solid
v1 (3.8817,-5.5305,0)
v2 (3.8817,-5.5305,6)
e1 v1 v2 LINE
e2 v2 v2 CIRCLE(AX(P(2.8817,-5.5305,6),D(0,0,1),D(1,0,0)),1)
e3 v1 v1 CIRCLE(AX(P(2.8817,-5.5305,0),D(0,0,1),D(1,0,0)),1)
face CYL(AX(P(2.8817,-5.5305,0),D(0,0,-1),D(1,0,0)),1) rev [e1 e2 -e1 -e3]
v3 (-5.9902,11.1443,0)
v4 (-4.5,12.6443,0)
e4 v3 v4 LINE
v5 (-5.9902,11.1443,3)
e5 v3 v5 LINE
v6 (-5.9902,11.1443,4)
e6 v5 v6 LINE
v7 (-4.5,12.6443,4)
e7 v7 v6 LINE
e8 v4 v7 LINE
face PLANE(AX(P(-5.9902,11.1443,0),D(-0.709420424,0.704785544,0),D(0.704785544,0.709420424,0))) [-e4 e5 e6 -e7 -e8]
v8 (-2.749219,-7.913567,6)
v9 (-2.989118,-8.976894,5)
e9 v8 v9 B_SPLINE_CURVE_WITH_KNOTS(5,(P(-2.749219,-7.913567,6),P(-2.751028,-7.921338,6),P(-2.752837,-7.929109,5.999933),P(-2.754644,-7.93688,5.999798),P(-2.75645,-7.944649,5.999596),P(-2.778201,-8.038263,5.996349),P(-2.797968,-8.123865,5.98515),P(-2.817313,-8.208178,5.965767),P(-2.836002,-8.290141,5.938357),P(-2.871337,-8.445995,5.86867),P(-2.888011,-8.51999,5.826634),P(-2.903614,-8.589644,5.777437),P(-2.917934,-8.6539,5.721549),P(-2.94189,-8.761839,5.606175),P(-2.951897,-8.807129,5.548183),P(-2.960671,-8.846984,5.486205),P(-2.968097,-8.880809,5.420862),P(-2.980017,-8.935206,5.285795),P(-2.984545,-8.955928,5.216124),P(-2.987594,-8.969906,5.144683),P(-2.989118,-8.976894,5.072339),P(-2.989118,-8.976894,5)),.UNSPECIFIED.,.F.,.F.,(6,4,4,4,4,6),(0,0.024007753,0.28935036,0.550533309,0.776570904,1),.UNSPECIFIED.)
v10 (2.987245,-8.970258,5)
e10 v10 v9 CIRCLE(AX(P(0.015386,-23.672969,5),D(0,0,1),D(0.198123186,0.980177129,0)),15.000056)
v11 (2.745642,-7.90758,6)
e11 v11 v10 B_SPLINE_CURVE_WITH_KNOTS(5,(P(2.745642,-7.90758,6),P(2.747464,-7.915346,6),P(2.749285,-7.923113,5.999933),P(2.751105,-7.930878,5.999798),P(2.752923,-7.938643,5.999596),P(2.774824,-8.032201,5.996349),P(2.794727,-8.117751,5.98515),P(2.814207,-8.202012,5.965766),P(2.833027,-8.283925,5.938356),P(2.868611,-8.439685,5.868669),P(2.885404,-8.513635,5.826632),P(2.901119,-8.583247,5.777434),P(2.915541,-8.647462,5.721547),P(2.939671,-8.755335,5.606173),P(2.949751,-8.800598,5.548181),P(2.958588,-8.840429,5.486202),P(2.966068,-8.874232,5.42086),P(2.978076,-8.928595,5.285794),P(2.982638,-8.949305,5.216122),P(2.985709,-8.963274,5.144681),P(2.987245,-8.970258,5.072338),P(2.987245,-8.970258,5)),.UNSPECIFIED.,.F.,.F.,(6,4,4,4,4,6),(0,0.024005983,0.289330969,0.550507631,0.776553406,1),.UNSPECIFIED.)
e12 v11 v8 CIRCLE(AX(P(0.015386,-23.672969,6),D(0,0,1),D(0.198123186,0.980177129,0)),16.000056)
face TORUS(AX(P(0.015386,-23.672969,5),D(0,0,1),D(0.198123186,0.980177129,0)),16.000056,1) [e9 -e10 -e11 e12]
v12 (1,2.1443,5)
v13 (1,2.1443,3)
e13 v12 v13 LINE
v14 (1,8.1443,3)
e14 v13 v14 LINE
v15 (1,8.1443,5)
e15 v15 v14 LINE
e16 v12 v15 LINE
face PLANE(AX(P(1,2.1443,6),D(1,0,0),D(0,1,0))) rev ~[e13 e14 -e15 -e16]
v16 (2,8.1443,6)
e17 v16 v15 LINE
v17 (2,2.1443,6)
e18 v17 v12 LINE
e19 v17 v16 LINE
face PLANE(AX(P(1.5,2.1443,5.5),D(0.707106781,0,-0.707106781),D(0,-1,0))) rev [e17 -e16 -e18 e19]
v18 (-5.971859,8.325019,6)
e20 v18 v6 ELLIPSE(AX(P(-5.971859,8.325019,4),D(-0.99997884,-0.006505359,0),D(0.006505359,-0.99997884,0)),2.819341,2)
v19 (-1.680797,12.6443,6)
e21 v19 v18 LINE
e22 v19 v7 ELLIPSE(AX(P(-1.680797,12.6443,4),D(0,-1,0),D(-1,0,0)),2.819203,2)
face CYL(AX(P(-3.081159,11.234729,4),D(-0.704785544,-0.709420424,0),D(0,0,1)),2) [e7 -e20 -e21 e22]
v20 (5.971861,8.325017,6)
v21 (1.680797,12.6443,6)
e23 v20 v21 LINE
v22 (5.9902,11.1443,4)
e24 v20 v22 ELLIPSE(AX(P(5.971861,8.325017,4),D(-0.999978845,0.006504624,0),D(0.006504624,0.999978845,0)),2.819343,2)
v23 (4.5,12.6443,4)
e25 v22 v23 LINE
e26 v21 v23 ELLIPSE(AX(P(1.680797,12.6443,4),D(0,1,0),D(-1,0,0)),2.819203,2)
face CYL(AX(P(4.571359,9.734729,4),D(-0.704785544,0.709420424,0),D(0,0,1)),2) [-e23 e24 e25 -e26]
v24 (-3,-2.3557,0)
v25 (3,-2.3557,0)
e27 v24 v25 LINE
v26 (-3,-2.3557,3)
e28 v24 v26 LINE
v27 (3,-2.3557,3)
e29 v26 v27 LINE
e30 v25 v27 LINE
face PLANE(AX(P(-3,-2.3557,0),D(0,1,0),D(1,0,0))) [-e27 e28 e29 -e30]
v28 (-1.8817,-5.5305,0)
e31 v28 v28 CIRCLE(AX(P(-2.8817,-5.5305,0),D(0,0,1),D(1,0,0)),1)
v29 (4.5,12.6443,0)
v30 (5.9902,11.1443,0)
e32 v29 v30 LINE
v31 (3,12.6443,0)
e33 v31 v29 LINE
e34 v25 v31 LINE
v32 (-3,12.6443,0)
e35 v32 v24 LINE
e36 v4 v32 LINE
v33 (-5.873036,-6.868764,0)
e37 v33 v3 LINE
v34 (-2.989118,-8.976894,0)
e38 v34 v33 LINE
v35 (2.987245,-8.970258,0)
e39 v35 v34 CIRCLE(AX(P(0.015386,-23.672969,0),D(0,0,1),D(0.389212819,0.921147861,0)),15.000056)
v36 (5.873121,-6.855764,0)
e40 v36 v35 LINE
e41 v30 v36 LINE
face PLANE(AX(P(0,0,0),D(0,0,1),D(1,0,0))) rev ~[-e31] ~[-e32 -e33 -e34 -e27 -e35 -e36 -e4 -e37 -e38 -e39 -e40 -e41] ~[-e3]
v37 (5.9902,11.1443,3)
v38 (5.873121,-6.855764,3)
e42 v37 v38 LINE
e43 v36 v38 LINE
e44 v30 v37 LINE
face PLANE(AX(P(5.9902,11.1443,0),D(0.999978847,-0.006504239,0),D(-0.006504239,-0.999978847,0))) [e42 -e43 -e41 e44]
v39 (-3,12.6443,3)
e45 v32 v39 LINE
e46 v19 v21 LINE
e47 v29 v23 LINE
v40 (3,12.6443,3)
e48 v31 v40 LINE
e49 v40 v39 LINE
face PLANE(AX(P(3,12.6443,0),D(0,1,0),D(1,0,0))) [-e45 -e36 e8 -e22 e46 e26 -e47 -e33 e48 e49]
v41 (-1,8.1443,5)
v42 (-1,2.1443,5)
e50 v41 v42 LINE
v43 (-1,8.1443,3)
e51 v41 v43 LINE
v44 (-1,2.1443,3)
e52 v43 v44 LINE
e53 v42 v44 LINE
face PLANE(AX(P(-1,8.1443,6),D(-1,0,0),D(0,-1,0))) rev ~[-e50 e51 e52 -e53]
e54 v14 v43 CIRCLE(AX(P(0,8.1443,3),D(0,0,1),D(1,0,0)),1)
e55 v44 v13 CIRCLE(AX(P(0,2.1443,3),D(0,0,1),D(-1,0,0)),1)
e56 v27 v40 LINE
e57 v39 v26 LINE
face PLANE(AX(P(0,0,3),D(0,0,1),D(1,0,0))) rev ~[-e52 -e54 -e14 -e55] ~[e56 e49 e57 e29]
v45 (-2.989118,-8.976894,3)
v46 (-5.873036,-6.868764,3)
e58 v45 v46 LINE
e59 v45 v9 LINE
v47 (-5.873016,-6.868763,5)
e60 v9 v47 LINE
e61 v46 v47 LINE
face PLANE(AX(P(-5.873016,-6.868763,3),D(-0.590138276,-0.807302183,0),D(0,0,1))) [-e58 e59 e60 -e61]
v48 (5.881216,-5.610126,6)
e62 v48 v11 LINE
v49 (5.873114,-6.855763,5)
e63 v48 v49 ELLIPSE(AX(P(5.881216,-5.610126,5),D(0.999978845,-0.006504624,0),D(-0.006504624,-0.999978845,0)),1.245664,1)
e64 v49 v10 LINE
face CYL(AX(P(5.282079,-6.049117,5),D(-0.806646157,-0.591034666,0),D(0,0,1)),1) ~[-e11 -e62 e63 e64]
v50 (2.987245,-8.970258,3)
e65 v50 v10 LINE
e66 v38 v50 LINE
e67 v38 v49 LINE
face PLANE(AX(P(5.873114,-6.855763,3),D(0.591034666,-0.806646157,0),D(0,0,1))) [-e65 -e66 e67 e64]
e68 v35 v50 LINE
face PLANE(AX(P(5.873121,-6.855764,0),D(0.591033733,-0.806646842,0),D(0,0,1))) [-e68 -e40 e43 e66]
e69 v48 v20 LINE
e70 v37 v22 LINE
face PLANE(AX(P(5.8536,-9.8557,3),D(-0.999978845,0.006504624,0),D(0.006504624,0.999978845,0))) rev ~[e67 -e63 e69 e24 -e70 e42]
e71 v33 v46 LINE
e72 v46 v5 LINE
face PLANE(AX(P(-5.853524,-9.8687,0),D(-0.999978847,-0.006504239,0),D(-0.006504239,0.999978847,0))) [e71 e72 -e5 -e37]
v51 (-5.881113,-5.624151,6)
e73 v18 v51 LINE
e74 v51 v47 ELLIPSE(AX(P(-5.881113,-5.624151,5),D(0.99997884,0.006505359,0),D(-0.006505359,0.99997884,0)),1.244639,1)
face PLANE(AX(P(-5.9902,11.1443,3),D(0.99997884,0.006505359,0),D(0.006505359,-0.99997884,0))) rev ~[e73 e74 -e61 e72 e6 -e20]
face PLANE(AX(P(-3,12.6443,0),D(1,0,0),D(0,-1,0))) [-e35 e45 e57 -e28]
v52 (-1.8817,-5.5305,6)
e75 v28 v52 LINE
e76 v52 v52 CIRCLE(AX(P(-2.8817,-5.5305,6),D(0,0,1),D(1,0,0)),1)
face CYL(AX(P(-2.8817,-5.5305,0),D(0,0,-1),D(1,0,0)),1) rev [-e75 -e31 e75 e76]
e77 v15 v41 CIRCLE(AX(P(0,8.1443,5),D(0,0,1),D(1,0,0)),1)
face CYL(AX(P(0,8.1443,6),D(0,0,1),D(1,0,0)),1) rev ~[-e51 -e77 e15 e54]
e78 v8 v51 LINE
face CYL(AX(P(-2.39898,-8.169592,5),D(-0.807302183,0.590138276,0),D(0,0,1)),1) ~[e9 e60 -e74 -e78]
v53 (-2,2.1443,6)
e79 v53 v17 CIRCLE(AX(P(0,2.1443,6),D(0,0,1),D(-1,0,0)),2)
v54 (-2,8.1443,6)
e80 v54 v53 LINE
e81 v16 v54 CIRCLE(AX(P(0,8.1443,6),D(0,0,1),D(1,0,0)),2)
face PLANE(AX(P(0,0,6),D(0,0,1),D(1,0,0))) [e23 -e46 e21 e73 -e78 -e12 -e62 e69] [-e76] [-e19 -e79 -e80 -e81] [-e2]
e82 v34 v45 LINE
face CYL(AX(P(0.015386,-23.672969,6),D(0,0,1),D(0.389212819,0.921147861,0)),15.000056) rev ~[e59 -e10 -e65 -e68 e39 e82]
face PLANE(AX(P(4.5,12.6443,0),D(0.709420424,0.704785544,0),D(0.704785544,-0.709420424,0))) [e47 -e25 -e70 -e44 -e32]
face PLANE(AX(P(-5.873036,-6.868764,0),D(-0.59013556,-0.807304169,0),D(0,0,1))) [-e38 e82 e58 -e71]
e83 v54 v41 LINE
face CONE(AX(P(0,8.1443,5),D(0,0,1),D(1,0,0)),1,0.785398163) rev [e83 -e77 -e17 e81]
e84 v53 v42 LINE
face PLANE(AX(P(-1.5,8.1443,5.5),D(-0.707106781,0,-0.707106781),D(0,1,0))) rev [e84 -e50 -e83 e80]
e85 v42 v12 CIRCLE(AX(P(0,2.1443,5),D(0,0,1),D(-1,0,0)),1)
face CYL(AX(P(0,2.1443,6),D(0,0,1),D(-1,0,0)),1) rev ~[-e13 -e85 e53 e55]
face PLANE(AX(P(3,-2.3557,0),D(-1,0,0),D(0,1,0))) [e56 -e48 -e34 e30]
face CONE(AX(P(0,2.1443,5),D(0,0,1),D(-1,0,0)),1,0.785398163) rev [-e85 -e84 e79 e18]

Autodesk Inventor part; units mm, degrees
ref_plane "YZ Plane" through (0, 0, 0) normal (1, 0, 0) x (0, 1, 0)
ref_plane "XZ Plane" through (0, 0, 0) normal (0, 1, 0) x (-1, 0, 0)
ref_plane "XY Plane" through (0, 0, 0) normal (0, 0, 1) x (1, 0, 0)
sketch "Sketch1" plane through (0, 0, 0) normal (0, 0, 1) x (1, 0, 0)
  circle A0 centre (2.8817, -5.5305) radius 1 projected
  circle A1 centre (-2.8817, -5.5305) radius 1 projected
  line L0 (4.5, 12.6443) -> (5.9902, 11.1443) projected
  line L1 (3, 12.6443) -> (4.5, 12.6443) projected
  line L2 (3, -2.3557) -> (3, 12.6443) projected
  line L3 (-3, -2.3557) -> (3, -2.3557) projected
  line L4 (-3, 12.6443) -> (-3, -2.3557) projected
  line L5 (-4.5, 12.6443) -> (-3, 12.6443) projected
  line L6 (-5.9902, 11.1443) -> (-4.5, 12.6443) projected
  line L7 (-5.8406, -11.8556) -> (-5.9902, 11.1443) projected
  line L8 (-3.8536, -9.8557) -> (-5.8406, -11.8556) projected
  line L9 (-3.8536, -9.8557) -> (3.8536, -9.8557) projected
  line L10 (5.8406, -11.8556) -> (3.8536, -9.8557) projected
  line L11 (5.9902, 11.1443) -> (5.8406, -11.8556) projected
  line L12 (3.8536, -9.8557) -> (5.8536, -9.8557)
  line L13 (-3.8536, -9.8557) -> (-5.8535, -9.8687)
  point P0 (0, 0)
extrude "Extrusion1" add sketch "Sketch1" along normal blind 3 contours L0 L11 L12 L9 L13 L7 L6 L5 L4 L3 L2 L1
sketch "Sketch2" plane through (0, 0, 3) normal (0, 0, 1) x (1, 0, 0)
  line L0 (-3, -2.3557) -> (-3, 12.6443) projected
  line L1 (-3, 12.6443) -> (-4.5, 12.6443) projected
  line L2 (-4.5, 12.6443) -> (-5.9902, 11.1443) projected
  line L3 (-5.9902, 11.1443) -> (-5.8535, -9.8687) projected
  line L4 (-5.8535, -9.8687) -> (-3.8536, -9.8557) projected
  line L5 (-3.8536, -9.8557) -> (5.8536, -9.8557) projected
  line L6 (5.8536, -9.8557) -> (5.9902, 11.1443) projected
  line L7 (5.9902, 11.1443) -> (4.5, 12.6443) projected
  line L8 (4.5, 12.6443) -> (3, 12.6443) projected
  line L9 (3, 12.6443) -> (3, -2.3557) projected
  line L10 (3, -2.3557) -> (-3, -2.3557) projected
  circle A0 centre (-2.8817, -5.5305) radius 1 projected
  circle A1 centre (2.8817, -5.5305) radius 1 projected
  line L11 (3, 12.6443) -> (3, -2.3557) projected
  line L12 (-3, 12.6443) -> (3, 12.6443)
  point P0 (0, 0)
extrude "Extrusion2" add sketch "Sketch2" along normal blind 3
sketch "Sketch3" plane through (0, 0, 6) normal (0, 0, 1) x (1, 0, 0)
  line L0 (-5.8535, -9.8687) -> (-3.8536, -9.8557) projected
  line L1 (-3.8536, -9.8557) -> (5.8536, -9.8557) projected
  line L2 (5.8536, -9.8557) -> (5.9902, 11.1443) projected
  line L3 (5.9902, 11.1443) -> (4.5, 12.6443) projected
  line L4 (4.5, 12.6443) -> (-4.5, 12.6443) projected
  line L5 (-4.5, 12.6443) -> (-5.9902, 11.1443) projected
  line L6 (-5.9902, 11.1443) -> (-5.8535, -9.8687) projected
  circle A0 centre (2.8817, -5.5305) radius 1 projected
  circle A1 centre (-2.8817, -5.5305) radius 1 projected
  line L7 (-5.8535, -9.8687) -> (-3.8536, -9.8557) projected
  arc A2 (5.8536, -9.8557) -> (-5.8535, -9.8687) centre (0.0154, -23.6729) ccw
  point P0 (0, 0)
  dimension "d4" = 15
extrude "Extrusion3" cut sketch "Sketch3" against normal blind 8 contours A2 L1 L0
chamfer "Chamfer1" distance 3 angle 45 2 edges at (5.8536, -9.8557, 3) (-5.8535, -9.8687, 3)
fillet "Fillet1" radius 2 2 edges at (5.2451, 11.8943, 6) (-5.2451, 11.8943, 6)
fillet "Fillet2" radius 1 3 edges at (-4.4311, -7.9228, 6) (-0.0013, -8.6729, 6) (4.4302, -7.913, 6)
sketch "Sketch4" plane through (0, 0, 6) normal (0, 0, 1) x (1, 0, 0)
  line L0 (-1, 8.1443) -> (-1, 2.1443) projected
  arc A0 (-1, 2.1443) -> (1, 2.1443) centre (0, 2.1443) ccw projected
  line L1 (1, 2.1443) -> (1, 8.1443) projected
  arc A1 (1, 8.1443) -> (-1, 8.1443) centre (0, 8.1443) ccw projected
  line L2 (5.9719, 8.3251) -> (1.6807, 12.6443) projected
  line L3 (5.9719, 8.3251) -> (5.8537, -9.8477) projected
  line L4 (3.4979, -11.4182) -> (5.8537, -9.8477) projected
  spline S0 degree 3 poles (3.7471, -14.0453) (3.5143, -13.7817) (3.313, -13.4738) (3.0785, -12.9028) (3.0205, -12.6553) (3.011, -12.2509) (3.0346, -12.0815) (3.1344, -11.8203) (3.188, -11.725) (3.325, -11.5531) (3.4063, -11.4793) (3.4979, -11.4182) knots 0 0 0 0 0.105501 0.105501 0.185956 0.185956 0.244407 0.244407 0.282215 0.282215 0.320119 0.320119 0.320119 0.320119 projected
  arc A2 (-3.7471, -14.0453) -> (3.7471, -14.0453) centre (0, -17.3557) ccw projected
  spline S1 degree 3 poles (-3.4979, -11.4182) (-3.3811, -11.4961) (-3.2816, -11.5944) (-3.1273, -11.8263) (-3.0754, -11.9539) (-3.0096, -12.2519) (-3.0068, -12.4209) (-3.0565, -12.825) (-3.1338, -13.0604) (-3.3668, -13.5541) (-3.5446, -13.816) (-3.7471, -14.0453) knots 0 0 0 0 0.042129 0.042129 0.083567 0.083567 0.133564 0.133564 0.205298 0.205298 0.296261 0.296261 0.296261 0.296261 projected
  line L5 (-5.8537, -9.8477) -> (-3.4979, -11.4182) projected
  line L6 (-5.8537, -9.8477) -> (-5.9719, 8.3251) projected
  line L7 (-1.6807, 12.6443) -> (-5.9719, 8.3251) projected
  line L8 (-1.6807, 12.6443) -> (1.6807, 12.6443) projected
  circle A3 centre (0, -17.3557) radius 1.5 projected
  circle A4 centre (-2.8817, -5.5305) radius 1 projected
  circle A5 centre (2.8817, -5.5305) radius 1 projected
  point P0 (0, 0)
extrude "Extrusion4" cut sketch "Sketch4" against normal blind 8 contours A1 L1 A0 L0
chamfer "Chamfer2" distance 1 angle 45 4 edges at (-1, 5.1443, 6) (0, 9.1443, 6) (1, 5.1443, 6) (0, 1.1443, 6)
properties part number "arm_linkage_3"
